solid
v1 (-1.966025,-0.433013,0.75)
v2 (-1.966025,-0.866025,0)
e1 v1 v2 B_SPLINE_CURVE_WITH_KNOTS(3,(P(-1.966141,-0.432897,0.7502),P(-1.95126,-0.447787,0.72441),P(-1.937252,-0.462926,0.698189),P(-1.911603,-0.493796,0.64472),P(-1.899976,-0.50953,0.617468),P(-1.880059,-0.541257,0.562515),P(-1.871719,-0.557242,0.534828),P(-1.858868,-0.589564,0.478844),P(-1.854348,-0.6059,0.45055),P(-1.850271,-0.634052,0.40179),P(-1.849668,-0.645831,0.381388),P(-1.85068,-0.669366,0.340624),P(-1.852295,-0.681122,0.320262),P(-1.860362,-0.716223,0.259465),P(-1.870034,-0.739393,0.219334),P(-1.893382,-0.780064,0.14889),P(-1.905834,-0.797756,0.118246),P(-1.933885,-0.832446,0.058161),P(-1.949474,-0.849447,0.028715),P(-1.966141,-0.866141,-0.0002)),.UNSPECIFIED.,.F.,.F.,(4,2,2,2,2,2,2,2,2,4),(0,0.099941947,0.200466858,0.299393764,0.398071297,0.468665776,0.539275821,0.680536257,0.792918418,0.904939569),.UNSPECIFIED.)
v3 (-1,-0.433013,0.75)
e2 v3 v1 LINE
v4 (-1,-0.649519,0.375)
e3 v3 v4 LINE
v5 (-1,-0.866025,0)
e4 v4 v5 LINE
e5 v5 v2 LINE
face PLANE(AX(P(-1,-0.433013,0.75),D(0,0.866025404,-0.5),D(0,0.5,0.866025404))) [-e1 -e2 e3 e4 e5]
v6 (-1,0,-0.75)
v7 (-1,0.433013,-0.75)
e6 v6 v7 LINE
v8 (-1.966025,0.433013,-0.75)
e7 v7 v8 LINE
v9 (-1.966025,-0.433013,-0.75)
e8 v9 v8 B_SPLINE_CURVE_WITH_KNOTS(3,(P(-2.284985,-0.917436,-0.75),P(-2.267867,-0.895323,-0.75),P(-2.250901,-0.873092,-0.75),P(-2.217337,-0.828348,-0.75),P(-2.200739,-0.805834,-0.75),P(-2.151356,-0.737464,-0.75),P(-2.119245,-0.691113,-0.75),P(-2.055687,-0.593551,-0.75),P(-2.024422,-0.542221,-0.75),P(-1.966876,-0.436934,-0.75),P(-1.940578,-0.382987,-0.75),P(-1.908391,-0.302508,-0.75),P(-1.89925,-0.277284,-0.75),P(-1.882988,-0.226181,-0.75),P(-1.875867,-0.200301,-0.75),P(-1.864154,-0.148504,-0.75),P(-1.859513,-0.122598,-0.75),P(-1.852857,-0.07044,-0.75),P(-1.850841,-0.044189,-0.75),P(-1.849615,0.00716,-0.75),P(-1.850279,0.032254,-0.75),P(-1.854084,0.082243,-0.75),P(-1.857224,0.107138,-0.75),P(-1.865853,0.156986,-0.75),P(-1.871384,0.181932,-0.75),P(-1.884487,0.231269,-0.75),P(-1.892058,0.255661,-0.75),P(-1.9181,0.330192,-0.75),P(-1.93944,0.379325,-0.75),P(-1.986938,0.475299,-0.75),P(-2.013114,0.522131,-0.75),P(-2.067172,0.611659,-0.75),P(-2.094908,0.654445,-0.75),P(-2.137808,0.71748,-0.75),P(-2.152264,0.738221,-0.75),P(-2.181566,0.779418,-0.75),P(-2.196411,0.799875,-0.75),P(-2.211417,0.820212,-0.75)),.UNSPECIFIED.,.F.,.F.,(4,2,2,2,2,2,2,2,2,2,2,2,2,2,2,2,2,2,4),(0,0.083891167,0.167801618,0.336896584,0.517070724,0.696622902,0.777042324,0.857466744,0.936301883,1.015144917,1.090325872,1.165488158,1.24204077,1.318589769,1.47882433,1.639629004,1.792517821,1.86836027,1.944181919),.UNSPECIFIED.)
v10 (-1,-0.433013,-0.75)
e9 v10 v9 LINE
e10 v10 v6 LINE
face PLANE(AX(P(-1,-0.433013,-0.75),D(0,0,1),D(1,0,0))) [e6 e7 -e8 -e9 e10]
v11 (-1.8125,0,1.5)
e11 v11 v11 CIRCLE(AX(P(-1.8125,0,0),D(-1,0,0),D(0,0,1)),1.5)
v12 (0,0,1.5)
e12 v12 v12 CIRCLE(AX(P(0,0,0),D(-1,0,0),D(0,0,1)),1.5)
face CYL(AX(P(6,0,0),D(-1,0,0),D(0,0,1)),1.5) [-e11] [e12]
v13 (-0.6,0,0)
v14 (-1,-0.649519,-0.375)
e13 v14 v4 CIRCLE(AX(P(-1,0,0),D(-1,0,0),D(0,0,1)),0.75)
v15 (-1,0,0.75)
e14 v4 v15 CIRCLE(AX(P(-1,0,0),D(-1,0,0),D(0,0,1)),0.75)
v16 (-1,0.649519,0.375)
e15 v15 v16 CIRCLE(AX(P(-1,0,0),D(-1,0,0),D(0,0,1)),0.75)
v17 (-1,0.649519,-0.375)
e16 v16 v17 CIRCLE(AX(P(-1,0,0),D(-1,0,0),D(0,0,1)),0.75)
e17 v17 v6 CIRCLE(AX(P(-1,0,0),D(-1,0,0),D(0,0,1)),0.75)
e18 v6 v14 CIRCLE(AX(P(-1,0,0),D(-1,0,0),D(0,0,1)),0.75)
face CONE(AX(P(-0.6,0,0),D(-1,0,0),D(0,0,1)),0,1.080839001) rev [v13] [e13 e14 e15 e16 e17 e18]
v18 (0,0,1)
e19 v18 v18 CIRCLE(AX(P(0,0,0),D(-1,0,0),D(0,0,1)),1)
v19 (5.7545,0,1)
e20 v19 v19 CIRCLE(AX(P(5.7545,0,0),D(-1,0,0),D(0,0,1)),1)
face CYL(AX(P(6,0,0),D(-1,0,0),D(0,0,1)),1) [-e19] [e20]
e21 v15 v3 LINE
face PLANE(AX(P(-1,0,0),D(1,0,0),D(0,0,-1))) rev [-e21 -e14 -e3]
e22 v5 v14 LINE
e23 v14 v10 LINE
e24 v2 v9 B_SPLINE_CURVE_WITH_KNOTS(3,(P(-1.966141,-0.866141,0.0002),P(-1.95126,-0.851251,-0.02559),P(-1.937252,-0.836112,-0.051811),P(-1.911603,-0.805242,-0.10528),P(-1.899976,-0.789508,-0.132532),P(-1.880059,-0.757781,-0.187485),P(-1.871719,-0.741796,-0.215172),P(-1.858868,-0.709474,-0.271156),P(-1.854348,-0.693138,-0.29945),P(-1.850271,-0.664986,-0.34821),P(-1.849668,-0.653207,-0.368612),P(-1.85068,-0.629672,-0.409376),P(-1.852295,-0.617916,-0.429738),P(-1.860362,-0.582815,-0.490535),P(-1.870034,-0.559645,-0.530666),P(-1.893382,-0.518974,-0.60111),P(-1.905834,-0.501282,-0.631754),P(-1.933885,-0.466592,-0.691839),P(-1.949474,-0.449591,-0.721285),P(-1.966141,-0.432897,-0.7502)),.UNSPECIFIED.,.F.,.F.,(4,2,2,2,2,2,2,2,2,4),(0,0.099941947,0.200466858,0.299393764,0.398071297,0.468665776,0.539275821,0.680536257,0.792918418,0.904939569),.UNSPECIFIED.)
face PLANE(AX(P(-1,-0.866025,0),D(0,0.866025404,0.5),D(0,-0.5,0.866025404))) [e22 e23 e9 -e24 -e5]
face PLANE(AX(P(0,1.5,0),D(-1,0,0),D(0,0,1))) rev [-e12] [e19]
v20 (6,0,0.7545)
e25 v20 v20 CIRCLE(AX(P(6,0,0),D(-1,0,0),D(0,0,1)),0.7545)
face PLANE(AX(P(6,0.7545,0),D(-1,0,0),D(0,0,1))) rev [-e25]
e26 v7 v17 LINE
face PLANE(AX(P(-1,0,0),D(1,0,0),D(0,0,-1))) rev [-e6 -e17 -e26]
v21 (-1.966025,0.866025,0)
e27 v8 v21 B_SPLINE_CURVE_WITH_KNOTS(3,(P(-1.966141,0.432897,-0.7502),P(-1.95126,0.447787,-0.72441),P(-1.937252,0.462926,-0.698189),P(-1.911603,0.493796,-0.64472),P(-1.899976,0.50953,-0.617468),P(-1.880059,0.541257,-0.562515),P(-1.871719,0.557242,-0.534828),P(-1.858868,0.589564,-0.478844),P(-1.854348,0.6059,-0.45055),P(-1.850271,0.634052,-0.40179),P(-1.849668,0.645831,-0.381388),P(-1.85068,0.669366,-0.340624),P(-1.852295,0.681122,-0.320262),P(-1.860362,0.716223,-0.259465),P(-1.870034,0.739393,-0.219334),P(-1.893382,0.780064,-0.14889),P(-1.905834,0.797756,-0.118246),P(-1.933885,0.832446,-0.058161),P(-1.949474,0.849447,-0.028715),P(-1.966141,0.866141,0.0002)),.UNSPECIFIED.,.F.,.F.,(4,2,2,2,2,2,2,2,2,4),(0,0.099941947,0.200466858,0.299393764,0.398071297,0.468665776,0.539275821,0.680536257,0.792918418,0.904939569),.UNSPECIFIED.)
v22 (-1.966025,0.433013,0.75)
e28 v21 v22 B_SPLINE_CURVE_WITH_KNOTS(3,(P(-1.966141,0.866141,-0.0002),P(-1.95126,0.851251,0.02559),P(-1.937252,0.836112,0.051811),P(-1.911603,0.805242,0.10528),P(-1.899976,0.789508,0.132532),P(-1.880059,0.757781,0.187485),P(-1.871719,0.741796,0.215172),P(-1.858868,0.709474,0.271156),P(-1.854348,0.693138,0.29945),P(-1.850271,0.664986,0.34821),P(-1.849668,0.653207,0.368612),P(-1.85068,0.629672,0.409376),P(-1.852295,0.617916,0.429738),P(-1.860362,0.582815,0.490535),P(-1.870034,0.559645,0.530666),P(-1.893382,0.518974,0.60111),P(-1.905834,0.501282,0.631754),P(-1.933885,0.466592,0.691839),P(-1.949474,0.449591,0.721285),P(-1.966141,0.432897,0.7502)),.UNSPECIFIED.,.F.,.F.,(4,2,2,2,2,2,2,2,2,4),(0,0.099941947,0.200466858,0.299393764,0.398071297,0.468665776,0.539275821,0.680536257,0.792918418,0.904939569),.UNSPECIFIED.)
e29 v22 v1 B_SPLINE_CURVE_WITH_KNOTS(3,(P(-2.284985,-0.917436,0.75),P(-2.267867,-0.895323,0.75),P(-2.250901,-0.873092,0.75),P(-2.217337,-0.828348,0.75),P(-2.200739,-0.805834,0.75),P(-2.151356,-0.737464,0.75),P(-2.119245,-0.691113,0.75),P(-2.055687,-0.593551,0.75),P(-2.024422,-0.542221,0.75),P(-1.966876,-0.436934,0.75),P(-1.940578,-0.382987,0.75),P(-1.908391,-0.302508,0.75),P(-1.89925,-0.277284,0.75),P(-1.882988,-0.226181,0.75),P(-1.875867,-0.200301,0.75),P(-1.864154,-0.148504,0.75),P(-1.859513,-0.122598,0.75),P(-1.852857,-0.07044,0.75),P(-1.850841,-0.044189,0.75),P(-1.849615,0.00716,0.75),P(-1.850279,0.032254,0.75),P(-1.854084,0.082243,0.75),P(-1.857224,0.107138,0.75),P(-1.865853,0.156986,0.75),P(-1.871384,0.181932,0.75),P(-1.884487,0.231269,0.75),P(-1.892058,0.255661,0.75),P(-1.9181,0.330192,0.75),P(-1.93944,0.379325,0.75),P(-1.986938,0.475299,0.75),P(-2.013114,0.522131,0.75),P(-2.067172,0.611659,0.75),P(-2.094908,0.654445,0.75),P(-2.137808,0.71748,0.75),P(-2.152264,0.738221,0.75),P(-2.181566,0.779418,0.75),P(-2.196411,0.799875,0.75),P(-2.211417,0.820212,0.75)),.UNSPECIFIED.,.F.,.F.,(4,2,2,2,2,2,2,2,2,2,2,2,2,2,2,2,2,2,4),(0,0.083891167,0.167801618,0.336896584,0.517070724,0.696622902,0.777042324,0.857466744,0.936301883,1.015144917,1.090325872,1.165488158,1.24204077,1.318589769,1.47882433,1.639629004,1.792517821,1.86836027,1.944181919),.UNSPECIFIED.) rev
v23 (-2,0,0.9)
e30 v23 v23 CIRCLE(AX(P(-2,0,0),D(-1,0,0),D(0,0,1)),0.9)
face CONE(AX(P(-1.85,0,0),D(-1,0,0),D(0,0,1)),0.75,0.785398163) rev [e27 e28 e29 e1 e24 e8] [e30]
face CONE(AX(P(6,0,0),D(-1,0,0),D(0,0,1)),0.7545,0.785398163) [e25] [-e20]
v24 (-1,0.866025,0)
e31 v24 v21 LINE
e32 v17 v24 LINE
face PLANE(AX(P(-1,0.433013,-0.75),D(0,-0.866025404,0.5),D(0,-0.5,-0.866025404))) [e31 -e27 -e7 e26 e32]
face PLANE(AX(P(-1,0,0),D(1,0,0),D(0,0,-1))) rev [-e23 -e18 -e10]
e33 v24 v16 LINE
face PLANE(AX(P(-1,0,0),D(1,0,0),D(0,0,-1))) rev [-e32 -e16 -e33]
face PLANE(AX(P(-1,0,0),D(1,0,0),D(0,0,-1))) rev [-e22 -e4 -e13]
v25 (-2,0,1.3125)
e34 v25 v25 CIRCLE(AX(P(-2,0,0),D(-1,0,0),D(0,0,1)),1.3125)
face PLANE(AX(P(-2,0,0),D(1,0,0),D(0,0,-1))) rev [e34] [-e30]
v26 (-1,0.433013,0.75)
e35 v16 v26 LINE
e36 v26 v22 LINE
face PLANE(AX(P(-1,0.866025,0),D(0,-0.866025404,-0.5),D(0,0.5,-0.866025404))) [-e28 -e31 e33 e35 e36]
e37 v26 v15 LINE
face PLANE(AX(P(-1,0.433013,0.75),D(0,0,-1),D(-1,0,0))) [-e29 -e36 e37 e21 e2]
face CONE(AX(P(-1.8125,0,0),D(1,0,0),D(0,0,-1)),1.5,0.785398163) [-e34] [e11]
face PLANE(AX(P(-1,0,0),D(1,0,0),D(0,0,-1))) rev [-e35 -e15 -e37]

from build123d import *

# Parameters (mm, degrees)
CUT_EXTRUDE1_DEPTH = 1


with BuildPart() as part:
    # Sketch1 → Revolve1 (revolve)
    with BuildSketch(Plane.XY):
        Polygon((-2, 0), (-2, 1.3125), (-1.8125, 1.5), (0, 1.5), (0, 1), (5.7545, 1), (6, 0.7545), (6, 0), align=None)
    revolve(axis=Axis((6, 0, 0), (-1, 0, 0)))

    # Sketch2 → Cut-Revolve1 (revolve, cut)
    with BuildSketch(Plane.XY):
        Polygon((-2, 0), (-2, 0.9), (-1.85, 0.75), (-1, 0.75), (-0.6, 0), align=None)
    revolve(axis=Axis((-0.6, 0, 0), (-1, 0, 0)), mode=Mode.SUBTRACT)

    # Sketch3 → Cut-Extrude1 (cut)
    with BuildSketch(Plane(origin=(-2, 0, 0), x_dir=(0, 0, -1), z_dir=(1, 0, 0))):
        Polygon((-0.75, -0.433012702), (0, -0.866025404), (0.75, -0.433012702), (0.75, 0.433012702), (0, 0.866025404), (-0.75, 0.433012702), align=None)
    extrude(amount=CUT_EXTRUDE1_DEPTH, mode=Mode.SUBTRACT)


solid = part.part
